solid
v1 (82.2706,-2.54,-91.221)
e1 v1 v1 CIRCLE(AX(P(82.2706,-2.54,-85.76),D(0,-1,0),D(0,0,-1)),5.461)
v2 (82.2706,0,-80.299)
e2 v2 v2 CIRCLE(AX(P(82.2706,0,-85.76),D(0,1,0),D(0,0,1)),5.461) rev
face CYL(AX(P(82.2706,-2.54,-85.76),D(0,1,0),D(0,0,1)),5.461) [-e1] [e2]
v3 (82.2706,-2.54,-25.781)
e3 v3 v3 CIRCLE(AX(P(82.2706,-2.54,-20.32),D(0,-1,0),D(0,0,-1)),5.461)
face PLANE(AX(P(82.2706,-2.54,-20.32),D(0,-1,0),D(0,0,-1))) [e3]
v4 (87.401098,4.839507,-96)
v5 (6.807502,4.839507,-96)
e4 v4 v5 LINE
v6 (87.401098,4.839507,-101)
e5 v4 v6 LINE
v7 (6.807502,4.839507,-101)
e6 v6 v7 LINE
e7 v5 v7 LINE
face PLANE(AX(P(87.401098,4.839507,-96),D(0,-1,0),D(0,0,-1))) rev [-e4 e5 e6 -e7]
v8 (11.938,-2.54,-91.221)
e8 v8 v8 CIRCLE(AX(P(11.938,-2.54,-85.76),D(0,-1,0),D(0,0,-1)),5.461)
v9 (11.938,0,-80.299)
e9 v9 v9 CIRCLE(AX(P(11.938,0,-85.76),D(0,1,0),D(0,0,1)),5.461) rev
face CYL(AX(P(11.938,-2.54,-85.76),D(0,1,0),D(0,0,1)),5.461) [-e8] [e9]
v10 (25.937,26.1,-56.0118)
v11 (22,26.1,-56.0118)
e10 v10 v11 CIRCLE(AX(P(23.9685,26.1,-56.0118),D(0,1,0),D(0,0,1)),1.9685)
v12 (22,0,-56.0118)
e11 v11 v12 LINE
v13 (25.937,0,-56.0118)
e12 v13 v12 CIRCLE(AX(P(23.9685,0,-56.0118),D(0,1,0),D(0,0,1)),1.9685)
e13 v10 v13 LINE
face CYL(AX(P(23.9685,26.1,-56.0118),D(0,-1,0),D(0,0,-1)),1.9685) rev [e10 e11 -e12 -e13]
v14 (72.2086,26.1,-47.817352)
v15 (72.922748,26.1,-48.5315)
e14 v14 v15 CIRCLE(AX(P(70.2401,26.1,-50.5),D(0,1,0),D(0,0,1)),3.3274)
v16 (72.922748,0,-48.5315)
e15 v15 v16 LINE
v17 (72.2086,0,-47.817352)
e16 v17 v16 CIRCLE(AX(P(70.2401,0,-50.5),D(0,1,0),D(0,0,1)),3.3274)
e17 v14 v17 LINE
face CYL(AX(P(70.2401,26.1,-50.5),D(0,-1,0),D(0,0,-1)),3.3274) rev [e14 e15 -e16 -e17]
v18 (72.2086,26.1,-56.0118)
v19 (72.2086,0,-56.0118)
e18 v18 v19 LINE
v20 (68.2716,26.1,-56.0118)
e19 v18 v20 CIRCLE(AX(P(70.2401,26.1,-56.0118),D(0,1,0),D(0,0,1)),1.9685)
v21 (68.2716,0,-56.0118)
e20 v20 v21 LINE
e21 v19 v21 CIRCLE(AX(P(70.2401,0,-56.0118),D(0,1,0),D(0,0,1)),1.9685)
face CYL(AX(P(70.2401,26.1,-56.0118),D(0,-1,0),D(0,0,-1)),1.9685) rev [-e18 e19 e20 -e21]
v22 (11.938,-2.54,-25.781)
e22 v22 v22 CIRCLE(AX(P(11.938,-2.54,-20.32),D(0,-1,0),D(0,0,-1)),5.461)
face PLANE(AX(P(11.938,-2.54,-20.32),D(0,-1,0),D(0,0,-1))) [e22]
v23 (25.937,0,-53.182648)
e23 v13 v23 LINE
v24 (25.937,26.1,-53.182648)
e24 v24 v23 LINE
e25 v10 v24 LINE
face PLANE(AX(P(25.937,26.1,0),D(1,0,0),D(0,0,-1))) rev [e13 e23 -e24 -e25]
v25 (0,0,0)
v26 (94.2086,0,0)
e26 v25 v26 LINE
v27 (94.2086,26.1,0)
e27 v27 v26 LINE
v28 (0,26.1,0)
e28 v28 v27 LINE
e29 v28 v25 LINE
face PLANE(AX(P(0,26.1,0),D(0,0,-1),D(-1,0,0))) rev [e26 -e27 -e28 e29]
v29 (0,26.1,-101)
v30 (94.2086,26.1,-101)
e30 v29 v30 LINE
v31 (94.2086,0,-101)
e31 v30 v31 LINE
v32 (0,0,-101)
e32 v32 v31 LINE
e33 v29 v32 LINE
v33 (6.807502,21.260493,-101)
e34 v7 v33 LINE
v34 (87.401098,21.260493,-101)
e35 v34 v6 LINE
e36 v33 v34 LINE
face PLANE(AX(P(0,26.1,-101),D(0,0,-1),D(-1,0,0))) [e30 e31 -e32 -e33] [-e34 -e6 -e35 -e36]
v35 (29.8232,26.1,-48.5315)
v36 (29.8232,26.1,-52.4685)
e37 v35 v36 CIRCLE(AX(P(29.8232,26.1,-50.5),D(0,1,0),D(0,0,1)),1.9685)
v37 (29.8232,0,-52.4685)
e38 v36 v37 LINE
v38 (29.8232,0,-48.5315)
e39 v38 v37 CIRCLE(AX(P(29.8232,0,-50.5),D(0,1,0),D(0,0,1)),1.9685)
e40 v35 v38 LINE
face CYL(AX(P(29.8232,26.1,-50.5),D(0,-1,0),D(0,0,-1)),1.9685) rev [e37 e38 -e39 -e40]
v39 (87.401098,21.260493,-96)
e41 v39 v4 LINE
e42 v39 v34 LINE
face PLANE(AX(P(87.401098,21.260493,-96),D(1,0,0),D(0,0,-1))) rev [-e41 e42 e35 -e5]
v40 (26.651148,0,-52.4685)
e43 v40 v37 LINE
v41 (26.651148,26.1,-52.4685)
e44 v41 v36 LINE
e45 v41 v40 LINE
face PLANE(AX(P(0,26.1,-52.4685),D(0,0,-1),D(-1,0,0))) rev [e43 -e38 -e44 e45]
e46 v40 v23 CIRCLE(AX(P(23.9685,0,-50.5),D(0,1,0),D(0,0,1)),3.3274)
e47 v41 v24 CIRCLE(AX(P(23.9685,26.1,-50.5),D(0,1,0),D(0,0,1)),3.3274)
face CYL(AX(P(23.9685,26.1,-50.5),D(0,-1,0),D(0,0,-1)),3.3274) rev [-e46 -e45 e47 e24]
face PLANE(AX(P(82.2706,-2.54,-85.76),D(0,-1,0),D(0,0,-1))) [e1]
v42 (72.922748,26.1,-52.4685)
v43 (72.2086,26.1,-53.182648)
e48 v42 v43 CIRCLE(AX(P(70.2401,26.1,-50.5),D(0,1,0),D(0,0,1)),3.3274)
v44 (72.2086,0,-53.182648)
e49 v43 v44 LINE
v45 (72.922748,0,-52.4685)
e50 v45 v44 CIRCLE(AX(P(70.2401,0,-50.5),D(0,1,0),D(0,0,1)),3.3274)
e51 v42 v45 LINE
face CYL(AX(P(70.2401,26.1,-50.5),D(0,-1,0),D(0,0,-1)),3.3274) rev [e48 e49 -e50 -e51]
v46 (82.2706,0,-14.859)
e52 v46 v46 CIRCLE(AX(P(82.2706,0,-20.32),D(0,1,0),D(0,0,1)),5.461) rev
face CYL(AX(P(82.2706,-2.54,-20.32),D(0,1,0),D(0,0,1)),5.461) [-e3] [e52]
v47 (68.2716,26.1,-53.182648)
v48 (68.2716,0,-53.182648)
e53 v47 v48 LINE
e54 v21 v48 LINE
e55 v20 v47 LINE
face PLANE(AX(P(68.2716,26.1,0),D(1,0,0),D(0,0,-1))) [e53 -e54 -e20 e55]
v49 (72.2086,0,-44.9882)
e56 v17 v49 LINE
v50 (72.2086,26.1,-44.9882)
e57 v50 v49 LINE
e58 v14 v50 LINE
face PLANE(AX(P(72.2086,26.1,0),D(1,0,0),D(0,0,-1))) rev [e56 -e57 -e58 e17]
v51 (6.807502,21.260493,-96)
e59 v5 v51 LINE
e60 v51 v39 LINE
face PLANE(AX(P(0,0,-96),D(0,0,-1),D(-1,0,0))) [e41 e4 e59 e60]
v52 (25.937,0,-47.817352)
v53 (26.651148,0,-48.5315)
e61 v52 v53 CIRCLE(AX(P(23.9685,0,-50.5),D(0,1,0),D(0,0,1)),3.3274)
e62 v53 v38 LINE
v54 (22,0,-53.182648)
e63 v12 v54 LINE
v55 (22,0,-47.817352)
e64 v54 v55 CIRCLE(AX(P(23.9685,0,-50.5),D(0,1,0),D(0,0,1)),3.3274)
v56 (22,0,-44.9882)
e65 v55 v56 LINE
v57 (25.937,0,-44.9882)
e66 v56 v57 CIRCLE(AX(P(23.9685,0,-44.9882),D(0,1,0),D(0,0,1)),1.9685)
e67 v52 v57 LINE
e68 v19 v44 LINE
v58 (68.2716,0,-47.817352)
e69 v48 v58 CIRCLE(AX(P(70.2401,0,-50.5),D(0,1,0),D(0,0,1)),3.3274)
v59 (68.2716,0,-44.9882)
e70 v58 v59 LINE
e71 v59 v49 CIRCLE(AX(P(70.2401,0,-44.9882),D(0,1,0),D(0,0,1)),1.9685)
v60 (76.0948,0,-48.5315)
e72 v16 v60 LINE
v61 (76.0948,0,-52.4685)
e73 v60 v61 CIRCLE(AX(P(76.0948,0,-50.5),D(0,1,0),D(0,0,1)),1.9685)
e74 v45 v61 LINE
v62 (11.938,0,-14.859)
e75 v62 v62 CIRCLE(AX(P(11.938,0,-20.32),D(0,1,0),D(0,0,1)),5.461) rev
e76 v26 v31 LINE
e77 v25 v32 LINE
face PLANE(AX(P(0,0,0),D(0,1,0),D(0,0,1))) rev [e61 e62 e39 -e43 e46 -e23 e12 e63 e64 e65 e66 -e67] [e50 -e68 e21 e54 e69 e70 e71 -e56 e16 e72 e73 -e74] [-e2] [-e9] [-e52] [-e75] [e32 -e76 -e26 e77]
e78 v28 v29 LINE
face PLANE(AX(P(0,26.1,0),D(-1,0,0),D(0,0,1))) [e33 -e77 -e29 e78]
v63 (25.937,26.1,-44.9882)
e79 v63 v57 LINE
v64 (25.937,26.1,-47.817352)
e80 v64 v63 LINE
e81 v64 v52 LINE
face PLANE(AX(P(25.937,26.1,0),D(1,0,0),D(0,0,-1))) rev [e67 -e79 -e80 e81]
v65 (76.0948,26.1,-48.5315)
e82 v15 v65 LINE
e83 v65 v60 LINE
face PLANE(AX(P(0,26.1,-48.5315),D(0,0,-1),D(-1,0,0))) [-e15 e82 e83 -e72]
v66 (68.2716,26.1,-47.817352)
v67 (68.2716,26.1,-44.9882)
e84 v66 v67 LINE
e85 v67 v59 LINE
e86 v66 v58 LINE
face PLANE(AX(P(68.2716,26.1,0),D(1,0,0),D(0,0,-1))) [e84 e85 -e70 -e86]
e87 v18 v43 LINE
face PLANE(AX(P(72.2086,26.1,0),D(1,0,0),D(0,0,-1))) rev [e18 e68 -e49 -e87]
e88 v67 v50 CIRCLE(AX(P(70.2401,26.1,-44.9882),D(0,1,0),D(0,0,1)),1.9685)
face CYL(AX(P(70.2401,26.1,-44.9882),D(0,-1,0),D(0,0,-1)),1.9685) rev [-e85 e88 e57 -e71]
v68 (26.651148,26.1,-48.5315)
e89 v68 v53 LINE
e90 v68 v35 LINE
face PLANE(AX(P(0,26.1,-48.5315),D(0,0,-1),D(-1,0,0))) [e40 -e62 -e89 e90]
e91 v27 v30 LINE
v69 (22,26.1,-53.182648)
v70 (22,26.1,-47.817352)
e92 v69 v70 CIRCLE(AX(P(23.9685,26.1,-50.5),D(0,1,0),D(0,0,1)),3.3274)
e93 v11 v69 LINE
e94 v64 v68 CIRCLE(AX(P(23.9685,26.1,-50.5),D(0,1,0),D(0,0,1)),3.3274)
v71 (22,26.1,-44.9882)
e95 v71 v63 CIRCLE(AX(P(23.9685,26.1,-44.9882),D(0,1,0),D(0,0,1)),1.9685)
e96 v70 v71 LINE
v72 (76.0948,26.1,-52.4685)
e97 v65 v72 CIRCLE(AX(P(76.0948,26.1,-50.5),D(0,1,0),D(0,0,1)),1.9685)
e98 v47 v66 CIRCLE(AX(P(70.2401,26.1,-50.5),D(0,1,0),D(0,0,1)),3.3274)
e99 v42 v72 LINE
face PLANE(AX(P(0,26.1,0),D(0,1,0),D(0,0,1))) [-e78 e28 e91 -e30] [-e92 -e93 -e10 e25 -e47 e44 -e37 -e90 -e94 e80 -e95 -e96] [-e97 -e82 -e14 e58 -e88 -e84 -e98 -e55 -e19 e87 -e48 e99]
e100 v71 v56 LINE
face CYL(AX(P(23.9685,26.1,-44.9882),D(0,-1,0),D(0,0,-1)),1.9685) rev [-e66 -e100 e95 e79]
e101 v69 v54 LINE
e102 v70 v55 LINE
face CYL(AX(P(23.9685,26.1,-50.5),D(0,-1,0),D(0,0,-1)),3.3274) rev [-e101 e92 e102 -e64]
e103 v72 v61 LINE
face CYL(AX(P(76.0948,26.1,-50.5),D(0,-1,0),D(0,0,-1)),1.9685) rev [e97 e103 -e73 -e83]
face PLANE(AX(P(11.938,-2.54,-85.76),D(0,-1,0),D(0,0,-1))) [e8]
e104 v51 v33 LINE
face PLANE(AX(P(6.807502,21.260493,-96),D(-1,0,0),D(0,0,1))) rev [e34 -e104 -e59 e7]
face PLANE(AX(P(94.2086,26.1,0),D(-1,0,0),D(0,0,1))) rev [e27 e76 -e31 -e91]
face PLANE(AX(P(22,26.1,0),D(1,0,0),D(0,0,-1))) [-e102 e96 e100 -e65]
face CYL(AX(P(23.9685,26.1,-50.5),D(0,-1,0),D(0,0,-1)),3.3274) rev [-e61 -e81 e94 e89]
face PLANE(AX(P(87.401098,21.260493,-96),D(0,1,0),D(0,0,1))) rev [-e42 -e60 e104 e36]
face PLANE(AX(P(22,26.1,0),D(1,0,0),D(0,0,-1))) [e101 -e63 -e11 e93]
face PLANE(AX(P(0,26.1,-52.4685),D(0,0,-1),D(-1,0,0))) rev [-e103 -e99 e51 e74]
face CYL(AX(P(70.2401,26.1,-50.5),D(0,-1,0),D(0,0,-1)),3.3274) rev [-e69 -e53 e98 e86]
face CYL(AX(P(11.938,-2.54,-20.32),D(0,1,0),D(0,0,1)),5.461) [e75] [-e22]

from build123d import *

# Parameters (mm, degrees)
SKETCH1_W           = 94.2086
SKETCH1_H           = 101
BOSS_EXTRUDE1_DEPTH = 26.1
SKETCH2_R           = 5.461
BOSS_EXTRUDE2_DEPTH = 2.54
SKETCH3_W           = 80.593596518
SKETCH3_H           = 16.42098599
CUT_EXTRUDE1_DEPTH  = 5


with BuildPart() as part:
    # Sketch1 → Boss-Extrude1 (new body)
    with BuildSketch(Plane(origin=(0, 0, 0), x_dir=(1, 0, 0), z_dir=(0, 1, 0))):
        with Locations((47.1043, 50.5)):
            Rectangle(SKETCH1_W, SKETCH1_H)
        with BuildLine():
            ThreePointArc((22, 56.0118), (23.9685, 57.9803), (25.937, 56.0118))
            Line((25.937, 56.0118), (25.937, 53.182647668))
            ThreePointArc((25.937, 53.182647668), (26.321327104, 52.852827104), (26.651147668, 52.4685))
            Line((26.651147668, 52.4685), (29.8232, 52.4685))
            ThreePointArc((29.8232, 52.4685), (31.7917, 50.5), (29.8232, 48.5315))
            Line((29.8232, 48.5315), (26.651147668, 48.5315))
            ThreePointArc((26.651147668, 48.5315), (26.321327104, 48.147172896), (25.937, 47.817352332))
            Line((25.937, 47.817352332), (25.937, 44.9882))
            ThreePointArc((25.937, 44.9882), (23.9685, 43.0197), (22, 44.9882))
            Line((22, 44.9882), (22, 47.817352332))
            ThreePointArc((22, 47.817352332), (20.6411, 50.5), (22, 53.182647668))
            Line((22, 53.182647668), (22, 56.0118))
        make_face(mode=Mode.SUBTRACT)
        with BuildLine():
            ThreePointArc((68.2716, 56.0118), (70.2401, 57.9803), (72.2086, 56.0118))
            Line((72.2086, 56.0118), (72.2086, 53.182647668))
            ThreePointArc((72.2086, 53.182647668), (72.592927104, 52.852827104), (72.922747668, 52.4685))
            Line((72.922747668, 52.4685), (76.0948, 52.4685))
            ThreePointArc((76.0948, 52.4685), (78.0633, 50.5), (76.0948, 48.5315))
            Line((76.0948, 48.5315), (72.922747668, 48.5315))
            ThreePointArc((72.922747668, 48.5315), (72.592927104, 48.147172896), (72.2086, 47.817352332))
            Line((72.2086, 47.817352332), (72.2086, 44.9882))
            ThreePointArc((72.2086, 44.9882), (70.2401, 43.0197), (68.2716, 44.9882))
            Line((68.2716, 44.9882), (68.2716, 47.817352332))
            ThreePointArc((68.2716, 47.817352332), (66.9127, 50.5), (68.2716, 53.182647668))
            Line((68.2716, 53.182647668), (68.2716, 56.0118))
        make_face(mode=Mode.SUBTRACT)
    extrude(amount=BOSS_EXTRUDE1_DEPTH)

    # Sketch2 → Boss-Extrude2 (add)
    with BuildSketch(Plane.XZ):
        with Locations(Location((11.938, -20.32, 0), (0, 0, 90))):
            Circle(SKETCH2_R)
        with Locations(Location((82.2706, -20.32, 0), (0, 0, 90))):
            Circle(SKETCH2_R)
        with Locations(Location((11.938, -85.76, 0), (0, 0, 90))):
            Circle(SKETCH2_R)
        with Locations(Location((82.2706, -85.76, 0), (0, 0, 90))):
            Circle(SKETCH2_R)
    extrude(amount=BOSS_EXTRUDE2_DEPTH)

    # Sketch3 → Cut-Extrude1 (cut)
    with BuildSketch(Plane(origin=(0, 0, -101), x_dir=(-1, 0, 0), z_dir=(0, 0, -1))):
        with Locations((-47.1043, 13.05)):
            Rectangle(SKETCH3_W, SKETCH3_H)
    extrude(amount=-CUT_EXTRUDE1_DEPTH, mode=Mode.SUBTRACT)


solid = part.part
